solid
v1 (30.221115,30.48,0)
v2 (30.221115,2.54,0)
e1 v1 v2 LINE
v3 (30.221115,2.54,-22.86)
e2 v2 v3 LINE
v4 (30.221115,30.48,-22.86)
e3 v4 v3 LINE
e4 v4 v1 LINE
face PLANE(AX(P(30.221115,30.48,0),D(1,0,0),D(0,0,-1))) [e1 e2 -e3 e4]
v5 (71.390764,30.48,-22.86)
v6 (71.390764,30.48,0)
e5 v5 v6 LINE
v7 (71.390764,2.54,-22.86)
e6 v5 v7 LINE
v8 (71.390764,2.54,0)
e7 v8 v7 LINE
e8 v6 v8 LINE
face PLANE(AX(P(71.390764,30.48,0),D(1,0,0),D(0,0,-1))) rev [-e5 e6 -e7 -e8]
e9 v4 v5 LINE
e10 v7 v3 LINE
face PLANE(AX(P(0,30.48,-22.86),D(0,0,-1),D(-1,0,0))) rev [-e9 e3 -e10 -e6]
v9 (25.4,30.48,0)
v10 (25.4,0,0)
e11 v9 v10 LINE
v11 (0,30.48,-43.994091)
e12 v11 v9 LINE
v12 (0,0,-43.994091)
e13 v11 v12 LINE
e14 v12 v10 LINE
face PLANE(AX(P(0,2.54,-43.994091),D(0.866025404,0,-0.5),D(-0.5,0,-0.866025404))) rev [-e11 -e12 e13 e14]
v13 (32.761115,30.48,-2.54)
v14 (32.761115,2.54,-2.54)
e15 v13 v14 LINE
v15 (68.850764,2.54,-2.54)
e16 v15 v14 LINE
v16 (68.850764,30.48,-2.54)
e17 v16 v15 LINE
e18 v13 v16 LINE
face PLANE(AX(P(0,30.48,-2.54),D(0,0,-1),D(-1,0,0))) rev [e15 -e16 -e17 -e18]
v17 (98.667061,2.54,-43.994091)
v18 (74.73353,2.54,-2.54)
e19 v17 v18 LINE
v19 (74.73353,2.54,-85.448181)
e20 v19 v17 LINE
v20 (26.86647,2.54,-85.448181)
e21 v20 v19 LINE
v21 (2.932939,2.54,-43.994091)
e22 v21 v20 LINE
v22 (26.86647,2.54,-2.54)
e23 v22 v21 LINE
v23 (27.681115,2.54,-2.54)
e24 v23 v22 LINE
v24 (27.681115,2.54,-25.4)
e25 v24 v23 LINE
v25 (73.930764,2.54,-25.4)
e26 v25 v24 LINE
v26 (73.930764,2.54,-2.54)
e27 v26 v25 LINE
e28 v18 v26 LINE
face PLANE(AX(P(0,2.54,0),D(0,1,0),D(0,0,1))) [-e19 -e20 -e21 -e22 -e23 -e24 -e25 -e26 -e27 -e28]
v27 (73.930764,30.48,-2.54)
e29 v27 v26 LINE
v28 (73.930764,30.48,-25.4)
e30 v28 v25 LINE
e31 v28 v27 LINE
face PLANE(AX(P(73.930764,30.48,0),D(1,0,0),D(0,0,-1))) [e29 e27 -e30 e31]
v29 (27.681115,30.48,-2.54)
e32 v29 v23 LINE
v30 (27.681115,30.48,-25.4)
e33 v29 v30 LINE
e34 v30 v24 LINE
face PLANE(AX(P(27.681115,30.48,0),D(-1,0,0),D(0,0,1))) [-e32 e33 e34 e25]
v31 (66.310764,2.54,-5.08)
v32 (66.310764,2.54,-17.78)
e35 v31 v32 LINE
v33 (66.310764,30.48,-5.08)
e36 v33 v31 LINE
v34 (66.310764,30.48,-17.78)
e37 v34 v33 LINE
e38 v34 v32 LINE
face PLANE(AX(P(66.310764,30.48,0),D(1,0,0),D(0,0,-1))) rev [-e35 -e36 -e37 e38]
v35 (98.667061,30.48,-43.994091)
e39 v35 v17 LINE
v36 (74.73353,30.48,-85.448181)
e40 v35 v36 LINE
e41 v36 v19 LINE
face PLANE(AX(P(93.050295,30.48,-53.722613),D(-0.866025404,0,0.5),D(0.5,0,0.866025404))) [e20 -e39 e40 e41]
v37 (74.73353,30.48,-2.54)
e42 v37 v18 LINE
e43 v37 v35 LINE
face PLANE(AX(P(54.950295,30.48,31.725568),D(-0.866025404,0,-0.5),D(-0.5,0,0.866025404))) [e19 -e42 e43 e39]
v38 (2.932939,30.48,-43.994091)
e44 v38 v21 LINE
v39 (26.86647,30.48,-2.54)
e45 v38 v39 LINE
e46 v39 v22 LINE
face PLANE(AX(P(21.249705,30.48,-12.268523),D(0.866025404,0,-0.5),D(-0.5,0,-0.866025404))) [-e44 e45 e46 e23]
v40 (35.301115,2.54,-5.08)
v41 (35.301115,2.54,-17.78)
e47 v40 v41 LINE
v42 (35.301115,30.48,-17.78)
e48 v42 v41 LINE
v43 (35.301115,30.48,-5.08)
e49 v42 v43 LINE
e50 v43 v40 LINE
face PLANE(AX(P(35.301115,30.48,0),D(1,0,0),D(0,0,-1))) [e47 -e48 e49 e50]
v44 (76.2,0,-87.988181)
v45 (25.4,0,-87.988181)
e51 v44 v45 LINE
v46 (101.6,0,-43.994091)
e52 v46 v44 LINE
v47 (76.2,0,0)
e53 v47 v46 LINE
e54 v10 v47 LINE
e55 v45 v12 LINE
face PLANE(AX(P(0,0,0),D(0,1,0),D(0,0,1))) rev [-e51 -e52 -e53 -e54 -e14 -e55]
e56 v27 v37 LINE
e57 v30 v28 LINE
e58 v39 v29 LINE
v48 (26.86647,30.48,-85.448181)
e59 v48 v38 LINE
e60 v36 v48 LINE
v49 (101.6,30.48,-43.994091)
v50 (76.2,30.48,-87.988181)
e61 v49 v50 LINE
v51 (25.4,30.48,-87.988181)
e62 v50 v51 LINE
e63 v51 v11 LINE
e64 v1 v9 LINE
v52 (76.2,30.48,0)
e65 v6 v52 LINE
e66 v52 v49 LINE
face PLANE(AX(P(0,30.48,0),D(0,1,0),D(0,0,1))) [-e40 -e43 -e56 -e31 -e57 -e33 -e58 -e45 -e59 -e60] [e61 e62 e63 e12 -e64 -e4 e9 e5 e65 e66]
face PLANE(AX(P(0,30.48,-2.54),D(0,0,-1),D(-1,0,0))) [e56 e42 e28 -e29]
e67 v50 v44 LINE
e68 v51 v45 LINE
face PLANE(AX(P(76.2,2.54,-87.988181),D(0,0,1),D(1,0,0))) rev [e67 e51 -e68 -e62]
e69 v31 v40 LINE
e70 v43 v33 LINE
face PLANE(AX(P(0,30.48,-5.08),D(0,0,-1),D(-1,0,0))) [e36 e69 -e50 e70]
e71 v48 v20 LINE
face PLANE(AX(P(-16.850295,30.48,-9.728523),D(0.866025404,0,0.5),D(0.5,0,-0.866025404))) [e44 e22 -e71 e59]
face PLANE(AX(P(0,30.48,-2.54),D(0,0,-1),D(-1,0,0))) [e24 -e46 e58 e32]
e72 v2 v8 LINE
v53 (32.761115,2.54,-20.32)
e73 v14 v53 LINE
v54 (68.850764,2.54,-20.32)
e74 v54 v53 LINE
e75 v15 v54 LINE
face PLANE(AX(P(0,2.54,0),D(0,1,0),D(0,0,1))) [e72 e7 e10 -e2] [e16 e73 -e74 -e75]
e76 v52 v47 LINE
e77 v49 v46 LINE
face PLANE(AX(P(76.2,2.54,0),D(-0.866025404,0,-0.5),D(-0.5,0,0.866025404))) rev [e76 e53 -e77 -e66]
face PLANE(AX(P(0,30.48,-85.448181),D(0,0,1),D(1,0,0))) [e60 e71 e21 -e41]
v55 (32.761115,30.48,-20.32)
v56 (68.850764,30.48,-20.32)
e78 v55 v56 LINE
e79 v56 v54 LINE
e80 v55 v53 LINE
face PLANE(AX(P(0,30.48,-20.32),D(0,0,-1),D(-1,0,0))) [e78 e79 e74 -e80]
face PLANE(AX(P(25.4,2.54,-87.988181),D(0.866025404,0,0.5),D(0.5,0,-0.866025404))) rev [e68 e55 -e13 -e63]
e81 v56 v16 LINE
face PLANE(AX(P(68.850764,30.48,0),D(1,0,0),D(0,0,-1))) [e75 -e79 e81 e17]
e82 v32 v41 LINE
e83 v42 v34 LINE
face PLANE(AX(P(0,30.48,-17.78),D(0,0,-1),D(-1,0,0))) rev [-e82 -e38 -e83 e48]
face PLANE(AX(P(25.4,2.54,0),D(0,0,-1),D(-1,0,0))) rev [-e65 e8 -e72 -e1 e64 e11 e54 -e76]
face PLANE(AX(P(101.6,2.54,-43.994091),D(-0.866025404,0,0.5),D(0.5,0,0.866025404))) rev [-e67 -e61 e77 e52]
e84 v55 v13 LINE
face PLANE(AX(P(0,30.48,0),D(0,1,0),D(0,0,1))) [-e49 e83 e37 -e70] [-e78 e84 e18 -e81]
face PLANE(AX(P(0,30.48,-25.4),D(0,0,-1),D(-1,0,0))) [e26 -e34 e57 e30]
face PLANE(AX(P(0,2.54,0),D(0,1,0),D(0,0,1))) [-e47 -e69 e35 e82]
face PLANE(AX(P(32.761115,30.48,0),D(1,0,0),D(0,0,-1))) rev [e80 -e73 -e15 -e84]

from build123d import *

# Parameters (mm, degrees)
BOSS_EXTRUDE1_DEPTH = 2.54
SKETCH3_W           = 36.089649417
SKETCH3_H           = 17.78
SKETCH3_W_2         = 31.009649417
SKETCH3_H_2         = 12.7
BOSS_EXTRUDE2_DEPTH = 30.48


with BuildPart() as part:
    # Sketch2 → Boss-Extrude1 (new body)
    with BuildSketch(Plane(origin=(0, 0, 0), x_dir=(1, 0, 0), z_dir=(0, 1, 0))):
        Polygon((76.2, 0), (101.6, 43.994090512), (76.2, 87.988181024), (25.4, 87.988181024), (0, 43.994090512), (25.4, 0), align=None)
    extrude(amount=BOSS_EXTRUDE1_DEPTH)

    # Sketch3 → Boss-Extrude2 (add)
    with BuildSketch(Plane(origin=(0, 0, 0), x_dir=(1, 0, 0), z_dir=(0, 1, 0))):
        with Locations((50.805939368, 11.43)):
            Rectangle(SKETCH3_W, SKETCH3_H)
        with Locations((50.805939368, 11.43)):
            Rectangle(SKETCH3_W_2, SKETCH3_H_2, mode=Mode.SUBTRACT)
        Polygon((30.221114659, 22.86), (30.221114659, 0), (25.4, 0), (0, 43.994090512), (25.4, 87.988181024), (76.2, 87.988181024), (101.6, 43.994090512), (76.2, 0), (71.390764076, 0), (71.390764076, 22.86), align=None)
        Polygon((73.930764076, 2.54), (74.733530316, 2.54), (98.667060633, 43.994090512), (74.733530316, 85.448181024), (26.866469684, 85.448181024), (2.932939367, 43.994090512), (26.866469684, 2.54), (27.681114659, 2.54), (27.681114659, 25.4), (73.930764076, 25.4), align=None, mode=Mode.SUBTRACT)
    extrude(amount=BOSS_EXTRUDE2_DEPTH)


solid = part.part
